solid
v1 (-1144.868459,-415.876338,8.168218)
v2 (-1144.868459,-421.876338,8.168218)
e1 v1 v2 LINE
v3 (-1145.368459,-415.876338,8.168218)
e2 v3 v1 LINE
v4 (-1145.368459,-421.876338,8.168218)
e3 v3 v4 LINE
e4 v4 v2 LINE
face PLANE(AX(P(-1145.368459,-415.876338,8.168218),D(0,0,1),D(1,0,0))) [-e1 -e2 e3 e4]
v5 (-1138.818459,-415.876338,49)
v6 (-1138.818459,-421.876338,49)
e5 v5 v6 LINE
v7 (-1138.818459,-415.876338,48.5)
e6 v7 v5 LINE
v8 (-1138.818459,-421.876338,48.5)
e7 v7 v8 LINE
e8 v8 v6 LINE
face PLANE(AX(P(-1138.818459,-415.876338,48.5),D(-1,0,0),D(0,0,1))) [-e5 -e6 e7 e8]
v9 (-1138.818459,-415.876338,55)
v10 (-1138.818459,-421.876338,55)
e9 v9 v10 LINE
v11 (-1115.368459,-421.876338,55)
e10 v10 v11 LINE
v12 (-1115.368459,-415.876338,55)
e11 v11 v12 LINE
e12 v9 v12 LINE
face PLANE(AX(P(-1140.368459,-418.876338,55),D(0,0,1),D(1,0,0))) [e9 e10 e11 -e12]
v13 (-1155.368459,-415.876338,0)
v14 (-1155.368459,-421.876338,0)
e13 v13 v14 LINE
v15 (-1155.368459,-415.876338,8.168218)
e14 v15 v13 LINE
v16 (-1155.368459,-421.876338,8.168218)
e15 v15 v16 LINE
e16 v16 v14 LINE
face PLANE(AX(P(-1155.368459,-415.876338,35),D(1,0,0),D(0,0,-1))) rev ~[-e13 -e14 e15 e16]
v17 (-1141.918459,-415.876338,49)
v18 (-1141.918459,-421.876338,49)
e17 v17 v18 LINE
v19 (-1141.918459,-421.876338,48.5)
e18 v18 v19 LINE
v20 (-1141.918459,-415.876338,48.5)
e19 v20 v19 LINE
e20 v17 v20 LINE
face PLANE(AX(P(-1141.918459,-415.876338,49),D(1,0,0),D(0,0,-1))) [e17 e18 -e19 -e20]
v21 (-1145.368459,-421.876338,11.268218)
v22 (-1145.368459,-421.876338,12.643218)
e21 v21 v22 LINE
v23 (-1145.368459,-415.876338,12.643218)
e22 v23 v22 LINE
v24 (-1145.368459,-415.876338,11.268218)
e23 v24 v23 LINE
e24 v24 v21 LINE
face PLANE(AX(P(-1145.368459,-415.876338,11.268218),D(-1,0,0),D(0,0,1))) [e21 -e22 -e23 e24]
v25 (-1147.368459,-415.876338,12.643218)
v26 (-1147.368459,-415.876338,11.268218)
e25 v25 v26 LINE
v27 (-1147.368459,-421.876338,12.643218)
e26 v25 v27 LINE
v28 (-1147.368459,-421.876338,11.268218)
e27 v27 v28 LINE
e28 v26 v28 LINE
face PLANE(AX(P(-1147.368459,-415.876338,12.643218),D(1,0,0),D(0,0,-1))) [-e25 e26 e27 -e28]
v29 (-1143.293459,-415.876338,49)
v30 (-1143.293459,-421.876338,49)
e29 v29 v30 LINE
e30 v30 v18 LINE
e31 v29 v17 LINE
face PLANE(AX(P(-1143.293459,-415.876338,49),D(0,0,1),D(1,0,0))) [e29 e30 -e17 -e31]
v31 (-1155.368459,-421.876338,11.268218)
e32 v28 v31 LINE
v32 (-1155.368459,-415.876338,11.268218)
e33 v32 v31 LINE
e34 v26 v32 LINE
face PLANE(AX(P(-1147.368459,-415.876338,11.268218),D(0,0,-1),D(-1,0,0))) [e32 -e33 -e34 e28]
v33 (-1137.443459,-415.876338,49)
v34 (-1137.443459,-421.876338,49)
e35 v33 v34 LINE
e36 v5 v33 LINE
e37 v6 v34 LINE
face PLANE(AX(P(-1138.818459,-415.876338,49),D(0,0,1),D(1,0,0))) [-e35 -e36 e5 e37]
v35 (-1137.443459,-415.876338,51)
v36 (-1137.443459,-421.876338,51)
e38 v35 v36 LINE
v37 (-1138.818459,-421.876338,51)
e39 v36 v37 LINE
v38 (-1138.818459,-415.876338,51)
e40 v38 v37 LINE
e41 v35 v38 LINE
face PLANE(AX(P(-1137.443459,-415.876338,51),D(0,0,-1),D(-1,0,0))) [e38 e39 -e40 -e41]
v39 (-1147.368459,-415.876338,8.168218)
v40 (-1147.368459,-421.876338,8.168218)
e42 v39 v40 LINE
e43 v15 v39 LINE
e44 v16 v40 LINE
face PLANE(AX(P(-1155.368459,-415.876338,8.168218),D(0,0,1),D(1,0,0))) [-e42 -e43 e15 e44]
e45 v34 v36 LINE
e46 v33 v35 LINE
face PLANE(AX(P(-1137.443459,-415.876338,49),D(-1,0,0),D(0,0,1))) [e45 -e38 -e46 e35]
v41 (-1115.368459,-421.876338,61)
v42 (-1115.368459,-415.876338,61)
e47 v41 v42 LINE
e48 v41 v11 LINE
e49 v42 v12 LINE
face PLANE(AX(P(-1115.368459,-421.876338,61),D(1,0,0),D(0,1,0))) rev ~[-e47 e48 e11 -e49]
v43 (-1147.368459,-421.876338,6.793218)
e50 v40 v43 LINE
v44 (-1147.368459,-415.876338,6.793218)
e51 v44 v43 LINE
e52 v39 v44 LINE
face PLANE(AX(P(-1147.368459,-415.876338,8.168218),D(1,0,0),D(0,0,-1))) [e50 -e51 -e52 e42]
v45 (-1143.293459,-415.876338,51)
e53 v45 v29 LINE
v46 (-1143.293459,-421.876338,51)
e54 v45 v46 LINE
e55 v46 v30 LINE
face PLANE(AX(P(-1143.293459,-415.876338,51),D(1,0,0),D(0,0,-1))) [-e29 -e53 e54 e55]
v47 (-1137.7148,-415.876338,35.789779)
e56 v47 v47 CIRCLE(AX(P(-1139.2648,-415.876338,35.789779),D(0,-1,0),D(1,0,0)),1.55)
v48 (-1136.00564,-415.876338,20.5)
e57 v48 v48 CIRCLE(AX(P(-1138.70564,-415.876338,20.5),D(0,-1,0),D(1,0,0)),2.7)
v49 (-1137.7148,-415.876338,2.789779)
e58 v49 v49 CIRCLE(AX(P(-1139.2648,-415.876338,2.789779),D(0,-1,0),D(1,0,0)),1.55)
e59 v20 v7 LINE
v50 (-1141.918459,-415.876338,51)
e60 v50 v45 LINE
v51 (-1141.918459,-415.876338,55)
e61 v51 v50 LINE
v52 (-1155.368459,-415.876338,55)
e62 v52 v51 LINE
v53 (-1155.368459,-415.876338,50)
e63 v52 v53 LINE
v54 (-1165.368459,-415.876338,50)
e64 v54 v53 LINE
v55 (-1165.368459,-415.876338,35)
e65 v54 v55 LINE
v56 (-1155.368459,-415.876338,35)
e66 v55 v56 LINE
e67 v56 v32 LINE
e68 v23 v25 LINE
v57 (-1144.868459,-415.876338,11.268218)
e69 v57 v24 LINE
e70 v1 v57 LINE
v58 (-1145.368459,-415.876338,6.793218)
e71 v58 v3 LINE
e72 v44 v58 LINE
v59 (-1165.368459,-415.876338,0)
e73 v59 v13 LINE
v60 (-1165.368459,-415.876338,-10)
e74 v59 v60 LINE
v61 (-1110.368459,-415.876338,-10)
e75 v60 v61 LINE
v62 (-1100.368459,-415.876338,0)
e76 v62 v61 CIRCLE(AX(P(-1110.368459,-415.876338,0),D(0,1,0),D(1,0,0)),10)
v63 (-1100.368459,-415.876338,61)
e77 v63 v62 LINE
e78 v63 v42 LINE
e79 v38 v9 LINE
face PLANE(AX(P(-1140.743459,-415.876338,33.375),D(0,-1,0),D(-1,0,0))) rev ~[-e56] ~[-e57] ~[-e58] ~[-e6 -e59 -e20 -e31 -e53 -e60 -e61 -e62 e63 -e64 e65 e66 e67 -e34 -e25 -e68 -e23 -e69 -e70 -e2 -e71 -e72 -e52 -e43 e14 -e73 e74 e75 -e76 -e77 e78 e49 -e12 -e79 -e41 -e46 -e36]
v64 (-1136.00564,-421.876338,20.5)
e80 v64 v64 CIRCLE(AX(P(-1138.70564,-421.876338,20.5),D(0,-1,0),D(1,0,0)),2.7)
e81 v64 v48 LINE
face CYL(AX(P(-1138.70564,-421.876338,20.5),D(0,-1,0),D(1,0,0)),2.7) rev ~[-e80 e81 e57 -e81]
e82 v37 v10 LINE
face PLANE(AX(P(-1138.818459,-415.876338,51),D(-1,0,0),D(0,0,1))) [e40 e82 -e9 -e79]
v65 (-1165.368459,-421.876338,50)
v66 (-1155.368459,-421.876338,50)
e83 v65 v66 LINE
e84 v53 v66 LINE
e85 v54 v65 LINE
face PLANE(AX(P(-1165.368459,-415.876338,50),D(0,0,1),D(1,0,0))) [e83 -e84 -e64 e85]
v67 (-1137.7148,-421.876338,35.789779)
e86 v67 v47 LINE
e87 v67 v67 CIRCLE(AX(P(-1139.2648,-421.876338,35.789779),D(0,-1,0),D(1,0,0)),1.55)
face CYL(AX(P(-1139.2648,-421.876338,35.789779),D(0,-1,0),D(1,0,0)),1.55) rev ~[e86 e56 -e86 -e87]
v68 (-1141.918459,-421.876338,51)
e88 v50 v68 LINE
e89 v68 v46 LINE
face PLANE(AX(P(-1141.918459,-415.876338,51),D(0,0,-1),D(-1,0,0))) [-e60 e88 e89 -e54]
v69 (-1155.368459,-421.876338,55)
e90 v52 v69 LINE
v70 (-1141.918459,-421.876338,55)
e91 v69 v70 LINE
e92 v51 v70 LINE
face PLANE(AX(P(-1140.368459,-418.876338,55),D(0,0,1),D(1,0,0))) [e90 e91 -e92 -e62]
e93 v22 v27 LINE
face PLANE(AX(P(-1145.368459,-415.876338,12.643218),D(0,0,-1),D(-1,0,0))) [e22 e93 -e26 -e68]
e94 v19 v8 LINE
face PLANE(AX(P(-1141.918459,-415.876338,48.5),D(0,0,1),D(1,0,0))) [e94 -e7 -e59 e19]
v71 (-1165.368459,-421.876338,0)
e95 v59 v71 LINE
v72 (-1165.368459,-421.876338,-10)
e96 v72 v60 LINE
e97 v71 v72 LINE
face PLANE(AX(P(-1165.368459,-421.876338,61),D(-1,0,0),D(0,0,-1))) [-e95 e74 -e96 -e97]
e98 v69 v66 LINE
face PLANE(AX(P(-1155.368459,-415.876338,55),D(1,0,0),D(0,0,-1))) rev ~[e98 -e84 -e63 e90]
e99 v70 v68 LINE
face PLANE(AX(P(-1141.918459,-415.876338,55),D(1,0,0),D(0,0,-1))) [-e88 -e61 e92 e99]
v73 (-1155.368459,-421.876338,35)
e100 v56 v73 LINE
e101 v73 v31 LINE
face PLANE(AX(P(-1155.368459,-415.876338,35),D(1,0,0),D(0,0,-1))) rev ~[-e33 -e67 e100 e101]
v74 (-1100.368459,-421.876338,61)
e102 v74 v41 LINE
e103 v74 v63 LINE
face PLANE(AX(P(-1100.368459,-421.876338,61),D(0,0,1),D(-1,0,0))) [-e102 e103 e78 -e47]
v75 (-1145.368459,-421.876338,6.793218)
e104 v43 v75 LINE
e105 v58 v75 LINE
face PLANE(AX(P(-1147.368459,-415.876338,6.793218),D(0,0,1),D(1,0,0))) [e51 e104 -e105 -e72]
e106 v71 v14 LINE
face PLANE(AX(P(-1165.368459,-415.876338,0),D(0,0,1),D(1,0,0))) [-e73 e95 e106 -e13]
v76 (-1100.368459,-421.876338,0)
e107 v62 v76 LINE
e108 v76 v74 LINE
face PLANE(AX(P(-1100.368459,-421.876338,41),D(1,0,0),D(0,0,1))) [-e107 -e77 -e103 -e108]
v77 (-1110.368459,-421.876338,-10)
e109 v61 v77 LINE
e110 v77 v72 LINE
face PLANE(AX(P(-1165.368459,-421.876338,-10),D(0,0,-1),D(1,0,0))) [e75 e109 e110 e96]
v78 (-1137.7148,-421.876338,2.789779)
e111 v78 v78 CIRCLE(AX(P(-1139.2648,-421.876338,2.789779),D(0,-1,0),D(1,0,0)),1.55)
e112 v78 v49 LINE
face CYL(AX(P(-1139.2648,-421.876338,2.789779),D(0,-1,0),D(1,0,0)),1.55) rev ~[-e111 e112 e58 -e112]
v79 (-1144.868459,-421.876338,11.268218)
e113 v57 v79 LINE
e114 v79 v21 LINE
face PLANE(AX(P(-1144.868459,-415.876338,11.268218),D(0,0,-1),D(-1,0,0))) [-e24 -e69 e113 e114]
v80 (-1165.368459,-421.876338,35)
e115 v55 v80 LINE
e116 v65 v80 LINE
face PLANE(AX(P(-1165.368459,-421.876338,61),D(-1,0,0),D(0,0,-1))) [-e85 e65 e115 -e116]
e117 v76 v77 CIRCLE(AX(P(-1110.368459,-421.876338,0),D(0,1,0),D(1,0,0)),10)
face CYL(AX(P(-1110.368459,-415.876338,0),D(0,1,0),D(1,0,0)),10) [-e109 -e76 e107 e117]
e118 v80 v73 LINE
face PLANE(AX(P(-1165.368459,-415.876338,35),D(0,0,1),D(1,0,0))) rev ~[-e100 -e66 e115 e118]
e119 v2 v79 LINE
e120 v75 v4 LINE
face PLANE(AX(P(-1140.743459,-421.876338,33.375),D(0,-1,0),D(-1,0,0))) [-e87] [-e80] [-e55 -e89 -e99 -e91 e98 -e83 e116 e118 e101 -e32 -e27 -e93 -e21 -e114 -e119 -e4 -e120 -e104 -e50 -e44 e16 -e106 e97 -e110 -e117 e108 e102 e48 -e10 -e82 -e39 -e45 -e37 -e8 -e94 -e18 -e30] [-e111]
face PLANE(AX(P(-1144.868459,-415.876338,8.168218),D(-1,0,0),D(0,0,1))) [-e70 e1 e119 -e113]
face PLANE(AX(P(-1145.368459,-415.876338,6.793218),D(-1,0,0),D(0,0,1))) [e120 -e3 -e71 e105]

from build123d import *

# Parameters (mm, degrees)
DODANIE_WYCI_GNI_CIE2_DEPTH      = 3
DODANIE_WYCI_GNI_CIE2_DEPTH_BACK = 3
SZKIC2_W                         = 50
SZKIC2_H                         = 6
WYTNIJ_WYCI_GNI_CIE1_DEPTH       = 6
WYTNIJ_WYCI_GNI_CIE2_DEPTH       = 6
SZKIC4_W                         = 10
SZKIC4_H                         = 35
SZKIC4_H_2                       = 5
WYTNIJ_WYCI_GNI_CIE3_DEPTH       = 6
WYTNIJ_WYCI_GNI_CIE4_DEPTH       = 6
DODANIE_WYCI_GNI_CIE3_DEPTH      = 6
SZKIC8_R                         = 1.55
SZKIC8_R_2                       = 2.7
WYTNIJ_WYCI_GNI_CIE5_DEPTH       = 6


with BuildPart() as part:
    # Szkic1 → Dodanie-wyciągnięcie2 (new, two sides: drawn at the far end of the back side and taken through both)
    with BuildSketch(Plane(origin=(0, -418.87633849, -418.87633849), x_dir=(1, 0, 0), z_dir=(0, 1, 0)).offset(-DODANIE_WYCI_GNI_CIE2_DEPTH_BACK)):
        Polygon((-1165.368459045, -408.87633849), (-1142.368459045, -408.87633849), (-1142.368459045, -459.87633849), (-1100.368459045, -459.87633849), (-1100.368459045, -479.87633849), (-1165.368459045, -479.87633849), align=None)
    extrude(amount=DODANIE_WYCI_GNI_CIE2_DEPTH + DODANIE_WYCI_GNI_CIE2_DEPTH_BACK)

    # Szkic2 → Wytnij-wyciągnięcie1 (cut)
    with BuildSketch(Plane.XY.offset(61)):
        with Locations((-1140.368459045, -418.87633849)):
            Rectangle(SZKIC2_W, SZKIC2_H)
    extrude(amount=-WYTNIJ_WYCI_GNI_CIE1_DEPTH, mode=Mode.SUBTRACT)

    # Szkic3 → Wytnij-wyciągnięcie2 (cut)
    with BuildSketch(Plane(origin=(0, -415.87633849, 0), x_dir=(1, 0, 0), z_dir=(0, 1, 0))):
        Polygon((-1138.818459045, -55), (-1141.918459045, -55), (-1141.918459045, -51), (-1143.293459045, -51), (-1143.293459045, -49), (-1141.918459045, -49), (-1141.918459045, -48.5), (-1138.818459045, -48.5), (-1138.818459045, -49), (-1137.443459045, -49), (-1137.443459045, -51), (-1138.818459045, -51), align=None)
    extrude(amount=-WYTNIJ_WYCI_GNI_CIE2_DEPTH, mode=Mode.SUBTRACT)

    # Szkic4 → Wytnij-wyciągnięcie3 (cut)
    with BuildSketch(Plane(origin=(0, -415.87633849, 0), x_dir=(1, 0, 0), z_dir=(0, 1, 0))):
        with Locations((-1160.368459045, -17.5)):
            Rectangle(SZKIC4_W, SZKIC4_H)
        with Locations((-1160.368459045, -52.5)):
            Rectangle(SZKIC4_W, SZKIC4_H_2)
    extrude(amount=-WYTNIJ_WYCI_GNI_CIE3_DEPTH, mode=Mode.SUBTRACT)

    # Szkic5 → Wytnij-wyciągnięcie4 (cut)
    with BuildSketch(Plane(origin=(0, -415.87633849, 0), x_dir=(1, 0, 0), z_dir=(0, 1, 0))):
        Polygon((-1155.368459045, -8.168218351), (-1147.368459045, -8.168218351), (-1147.368459045, -6.793218351), (-1145.368459045, -6.793218351), (-1145.368459045, -8.168218351), (-1144.868459045, -8.168218351), (-1144.868459045, -11.268218351), (-1145.368459045, -11.268218351), (-1145.368459045, -12.643218351), (-1147.368459045, -12.643218351), (-1147.368459045, -11.268218351), (-1155.368459045, -11.268218351), align=None)
    extrude(amount=-WYTNIJ_WYCI_GNI_CIE4_DEPTH, mode=Mode.SUBTRACT)


with BuildPart() as body_2:
    # Szkic9 → Dodanie-wyciągnięcie3 (new body)
    with BuildSketch(Plane(origin=(0, -415.87633849, 0), x_dir=(1, 0, 0), z_dir=(0, 1, 0))):
        with BuildLine():
            Line((-1142.368459045, 10), (-1142.368459045, -41))
            Line((-1142.368459045, -41), (-1100.368459045, -41))
            Line((-1100.368459045, -41), (-1100.368459045, 0))
            ThreePointArc((-1100.368459045, 0), (-1103.297391233, 7.071067812), (-1110.368459045, 10))
            Line((-1110.368459045, 10), (-1142.368459045, 10))
        make_face()
    extrude(amount=-DODANIE_WYCI_GNI_CIE3_DEPTH)

    # Połącz3: union part
    add(part.part)

    # Szkic8 → Wytnij-wyciągnięcie5 (cut)
    with BuildSketch(Plane.XZ.offset(421.87633849)):
        with Locations((-1139.26479978, 35.789778966)):
            Circle(SZKIC8_R)
        with Locations((-1139.26479978, 2.789778966)):
            Circle(SZKIC8_R)
        with Locations((-1138.705640448, 20.5)):
            Circle(SZKIC8_R_2)
    extrude(amount=-WYTNIJ_WYCI_GNI_CIE5_DEPTH, mode=Mode.SUBTRACT)


solid = body_2.part
